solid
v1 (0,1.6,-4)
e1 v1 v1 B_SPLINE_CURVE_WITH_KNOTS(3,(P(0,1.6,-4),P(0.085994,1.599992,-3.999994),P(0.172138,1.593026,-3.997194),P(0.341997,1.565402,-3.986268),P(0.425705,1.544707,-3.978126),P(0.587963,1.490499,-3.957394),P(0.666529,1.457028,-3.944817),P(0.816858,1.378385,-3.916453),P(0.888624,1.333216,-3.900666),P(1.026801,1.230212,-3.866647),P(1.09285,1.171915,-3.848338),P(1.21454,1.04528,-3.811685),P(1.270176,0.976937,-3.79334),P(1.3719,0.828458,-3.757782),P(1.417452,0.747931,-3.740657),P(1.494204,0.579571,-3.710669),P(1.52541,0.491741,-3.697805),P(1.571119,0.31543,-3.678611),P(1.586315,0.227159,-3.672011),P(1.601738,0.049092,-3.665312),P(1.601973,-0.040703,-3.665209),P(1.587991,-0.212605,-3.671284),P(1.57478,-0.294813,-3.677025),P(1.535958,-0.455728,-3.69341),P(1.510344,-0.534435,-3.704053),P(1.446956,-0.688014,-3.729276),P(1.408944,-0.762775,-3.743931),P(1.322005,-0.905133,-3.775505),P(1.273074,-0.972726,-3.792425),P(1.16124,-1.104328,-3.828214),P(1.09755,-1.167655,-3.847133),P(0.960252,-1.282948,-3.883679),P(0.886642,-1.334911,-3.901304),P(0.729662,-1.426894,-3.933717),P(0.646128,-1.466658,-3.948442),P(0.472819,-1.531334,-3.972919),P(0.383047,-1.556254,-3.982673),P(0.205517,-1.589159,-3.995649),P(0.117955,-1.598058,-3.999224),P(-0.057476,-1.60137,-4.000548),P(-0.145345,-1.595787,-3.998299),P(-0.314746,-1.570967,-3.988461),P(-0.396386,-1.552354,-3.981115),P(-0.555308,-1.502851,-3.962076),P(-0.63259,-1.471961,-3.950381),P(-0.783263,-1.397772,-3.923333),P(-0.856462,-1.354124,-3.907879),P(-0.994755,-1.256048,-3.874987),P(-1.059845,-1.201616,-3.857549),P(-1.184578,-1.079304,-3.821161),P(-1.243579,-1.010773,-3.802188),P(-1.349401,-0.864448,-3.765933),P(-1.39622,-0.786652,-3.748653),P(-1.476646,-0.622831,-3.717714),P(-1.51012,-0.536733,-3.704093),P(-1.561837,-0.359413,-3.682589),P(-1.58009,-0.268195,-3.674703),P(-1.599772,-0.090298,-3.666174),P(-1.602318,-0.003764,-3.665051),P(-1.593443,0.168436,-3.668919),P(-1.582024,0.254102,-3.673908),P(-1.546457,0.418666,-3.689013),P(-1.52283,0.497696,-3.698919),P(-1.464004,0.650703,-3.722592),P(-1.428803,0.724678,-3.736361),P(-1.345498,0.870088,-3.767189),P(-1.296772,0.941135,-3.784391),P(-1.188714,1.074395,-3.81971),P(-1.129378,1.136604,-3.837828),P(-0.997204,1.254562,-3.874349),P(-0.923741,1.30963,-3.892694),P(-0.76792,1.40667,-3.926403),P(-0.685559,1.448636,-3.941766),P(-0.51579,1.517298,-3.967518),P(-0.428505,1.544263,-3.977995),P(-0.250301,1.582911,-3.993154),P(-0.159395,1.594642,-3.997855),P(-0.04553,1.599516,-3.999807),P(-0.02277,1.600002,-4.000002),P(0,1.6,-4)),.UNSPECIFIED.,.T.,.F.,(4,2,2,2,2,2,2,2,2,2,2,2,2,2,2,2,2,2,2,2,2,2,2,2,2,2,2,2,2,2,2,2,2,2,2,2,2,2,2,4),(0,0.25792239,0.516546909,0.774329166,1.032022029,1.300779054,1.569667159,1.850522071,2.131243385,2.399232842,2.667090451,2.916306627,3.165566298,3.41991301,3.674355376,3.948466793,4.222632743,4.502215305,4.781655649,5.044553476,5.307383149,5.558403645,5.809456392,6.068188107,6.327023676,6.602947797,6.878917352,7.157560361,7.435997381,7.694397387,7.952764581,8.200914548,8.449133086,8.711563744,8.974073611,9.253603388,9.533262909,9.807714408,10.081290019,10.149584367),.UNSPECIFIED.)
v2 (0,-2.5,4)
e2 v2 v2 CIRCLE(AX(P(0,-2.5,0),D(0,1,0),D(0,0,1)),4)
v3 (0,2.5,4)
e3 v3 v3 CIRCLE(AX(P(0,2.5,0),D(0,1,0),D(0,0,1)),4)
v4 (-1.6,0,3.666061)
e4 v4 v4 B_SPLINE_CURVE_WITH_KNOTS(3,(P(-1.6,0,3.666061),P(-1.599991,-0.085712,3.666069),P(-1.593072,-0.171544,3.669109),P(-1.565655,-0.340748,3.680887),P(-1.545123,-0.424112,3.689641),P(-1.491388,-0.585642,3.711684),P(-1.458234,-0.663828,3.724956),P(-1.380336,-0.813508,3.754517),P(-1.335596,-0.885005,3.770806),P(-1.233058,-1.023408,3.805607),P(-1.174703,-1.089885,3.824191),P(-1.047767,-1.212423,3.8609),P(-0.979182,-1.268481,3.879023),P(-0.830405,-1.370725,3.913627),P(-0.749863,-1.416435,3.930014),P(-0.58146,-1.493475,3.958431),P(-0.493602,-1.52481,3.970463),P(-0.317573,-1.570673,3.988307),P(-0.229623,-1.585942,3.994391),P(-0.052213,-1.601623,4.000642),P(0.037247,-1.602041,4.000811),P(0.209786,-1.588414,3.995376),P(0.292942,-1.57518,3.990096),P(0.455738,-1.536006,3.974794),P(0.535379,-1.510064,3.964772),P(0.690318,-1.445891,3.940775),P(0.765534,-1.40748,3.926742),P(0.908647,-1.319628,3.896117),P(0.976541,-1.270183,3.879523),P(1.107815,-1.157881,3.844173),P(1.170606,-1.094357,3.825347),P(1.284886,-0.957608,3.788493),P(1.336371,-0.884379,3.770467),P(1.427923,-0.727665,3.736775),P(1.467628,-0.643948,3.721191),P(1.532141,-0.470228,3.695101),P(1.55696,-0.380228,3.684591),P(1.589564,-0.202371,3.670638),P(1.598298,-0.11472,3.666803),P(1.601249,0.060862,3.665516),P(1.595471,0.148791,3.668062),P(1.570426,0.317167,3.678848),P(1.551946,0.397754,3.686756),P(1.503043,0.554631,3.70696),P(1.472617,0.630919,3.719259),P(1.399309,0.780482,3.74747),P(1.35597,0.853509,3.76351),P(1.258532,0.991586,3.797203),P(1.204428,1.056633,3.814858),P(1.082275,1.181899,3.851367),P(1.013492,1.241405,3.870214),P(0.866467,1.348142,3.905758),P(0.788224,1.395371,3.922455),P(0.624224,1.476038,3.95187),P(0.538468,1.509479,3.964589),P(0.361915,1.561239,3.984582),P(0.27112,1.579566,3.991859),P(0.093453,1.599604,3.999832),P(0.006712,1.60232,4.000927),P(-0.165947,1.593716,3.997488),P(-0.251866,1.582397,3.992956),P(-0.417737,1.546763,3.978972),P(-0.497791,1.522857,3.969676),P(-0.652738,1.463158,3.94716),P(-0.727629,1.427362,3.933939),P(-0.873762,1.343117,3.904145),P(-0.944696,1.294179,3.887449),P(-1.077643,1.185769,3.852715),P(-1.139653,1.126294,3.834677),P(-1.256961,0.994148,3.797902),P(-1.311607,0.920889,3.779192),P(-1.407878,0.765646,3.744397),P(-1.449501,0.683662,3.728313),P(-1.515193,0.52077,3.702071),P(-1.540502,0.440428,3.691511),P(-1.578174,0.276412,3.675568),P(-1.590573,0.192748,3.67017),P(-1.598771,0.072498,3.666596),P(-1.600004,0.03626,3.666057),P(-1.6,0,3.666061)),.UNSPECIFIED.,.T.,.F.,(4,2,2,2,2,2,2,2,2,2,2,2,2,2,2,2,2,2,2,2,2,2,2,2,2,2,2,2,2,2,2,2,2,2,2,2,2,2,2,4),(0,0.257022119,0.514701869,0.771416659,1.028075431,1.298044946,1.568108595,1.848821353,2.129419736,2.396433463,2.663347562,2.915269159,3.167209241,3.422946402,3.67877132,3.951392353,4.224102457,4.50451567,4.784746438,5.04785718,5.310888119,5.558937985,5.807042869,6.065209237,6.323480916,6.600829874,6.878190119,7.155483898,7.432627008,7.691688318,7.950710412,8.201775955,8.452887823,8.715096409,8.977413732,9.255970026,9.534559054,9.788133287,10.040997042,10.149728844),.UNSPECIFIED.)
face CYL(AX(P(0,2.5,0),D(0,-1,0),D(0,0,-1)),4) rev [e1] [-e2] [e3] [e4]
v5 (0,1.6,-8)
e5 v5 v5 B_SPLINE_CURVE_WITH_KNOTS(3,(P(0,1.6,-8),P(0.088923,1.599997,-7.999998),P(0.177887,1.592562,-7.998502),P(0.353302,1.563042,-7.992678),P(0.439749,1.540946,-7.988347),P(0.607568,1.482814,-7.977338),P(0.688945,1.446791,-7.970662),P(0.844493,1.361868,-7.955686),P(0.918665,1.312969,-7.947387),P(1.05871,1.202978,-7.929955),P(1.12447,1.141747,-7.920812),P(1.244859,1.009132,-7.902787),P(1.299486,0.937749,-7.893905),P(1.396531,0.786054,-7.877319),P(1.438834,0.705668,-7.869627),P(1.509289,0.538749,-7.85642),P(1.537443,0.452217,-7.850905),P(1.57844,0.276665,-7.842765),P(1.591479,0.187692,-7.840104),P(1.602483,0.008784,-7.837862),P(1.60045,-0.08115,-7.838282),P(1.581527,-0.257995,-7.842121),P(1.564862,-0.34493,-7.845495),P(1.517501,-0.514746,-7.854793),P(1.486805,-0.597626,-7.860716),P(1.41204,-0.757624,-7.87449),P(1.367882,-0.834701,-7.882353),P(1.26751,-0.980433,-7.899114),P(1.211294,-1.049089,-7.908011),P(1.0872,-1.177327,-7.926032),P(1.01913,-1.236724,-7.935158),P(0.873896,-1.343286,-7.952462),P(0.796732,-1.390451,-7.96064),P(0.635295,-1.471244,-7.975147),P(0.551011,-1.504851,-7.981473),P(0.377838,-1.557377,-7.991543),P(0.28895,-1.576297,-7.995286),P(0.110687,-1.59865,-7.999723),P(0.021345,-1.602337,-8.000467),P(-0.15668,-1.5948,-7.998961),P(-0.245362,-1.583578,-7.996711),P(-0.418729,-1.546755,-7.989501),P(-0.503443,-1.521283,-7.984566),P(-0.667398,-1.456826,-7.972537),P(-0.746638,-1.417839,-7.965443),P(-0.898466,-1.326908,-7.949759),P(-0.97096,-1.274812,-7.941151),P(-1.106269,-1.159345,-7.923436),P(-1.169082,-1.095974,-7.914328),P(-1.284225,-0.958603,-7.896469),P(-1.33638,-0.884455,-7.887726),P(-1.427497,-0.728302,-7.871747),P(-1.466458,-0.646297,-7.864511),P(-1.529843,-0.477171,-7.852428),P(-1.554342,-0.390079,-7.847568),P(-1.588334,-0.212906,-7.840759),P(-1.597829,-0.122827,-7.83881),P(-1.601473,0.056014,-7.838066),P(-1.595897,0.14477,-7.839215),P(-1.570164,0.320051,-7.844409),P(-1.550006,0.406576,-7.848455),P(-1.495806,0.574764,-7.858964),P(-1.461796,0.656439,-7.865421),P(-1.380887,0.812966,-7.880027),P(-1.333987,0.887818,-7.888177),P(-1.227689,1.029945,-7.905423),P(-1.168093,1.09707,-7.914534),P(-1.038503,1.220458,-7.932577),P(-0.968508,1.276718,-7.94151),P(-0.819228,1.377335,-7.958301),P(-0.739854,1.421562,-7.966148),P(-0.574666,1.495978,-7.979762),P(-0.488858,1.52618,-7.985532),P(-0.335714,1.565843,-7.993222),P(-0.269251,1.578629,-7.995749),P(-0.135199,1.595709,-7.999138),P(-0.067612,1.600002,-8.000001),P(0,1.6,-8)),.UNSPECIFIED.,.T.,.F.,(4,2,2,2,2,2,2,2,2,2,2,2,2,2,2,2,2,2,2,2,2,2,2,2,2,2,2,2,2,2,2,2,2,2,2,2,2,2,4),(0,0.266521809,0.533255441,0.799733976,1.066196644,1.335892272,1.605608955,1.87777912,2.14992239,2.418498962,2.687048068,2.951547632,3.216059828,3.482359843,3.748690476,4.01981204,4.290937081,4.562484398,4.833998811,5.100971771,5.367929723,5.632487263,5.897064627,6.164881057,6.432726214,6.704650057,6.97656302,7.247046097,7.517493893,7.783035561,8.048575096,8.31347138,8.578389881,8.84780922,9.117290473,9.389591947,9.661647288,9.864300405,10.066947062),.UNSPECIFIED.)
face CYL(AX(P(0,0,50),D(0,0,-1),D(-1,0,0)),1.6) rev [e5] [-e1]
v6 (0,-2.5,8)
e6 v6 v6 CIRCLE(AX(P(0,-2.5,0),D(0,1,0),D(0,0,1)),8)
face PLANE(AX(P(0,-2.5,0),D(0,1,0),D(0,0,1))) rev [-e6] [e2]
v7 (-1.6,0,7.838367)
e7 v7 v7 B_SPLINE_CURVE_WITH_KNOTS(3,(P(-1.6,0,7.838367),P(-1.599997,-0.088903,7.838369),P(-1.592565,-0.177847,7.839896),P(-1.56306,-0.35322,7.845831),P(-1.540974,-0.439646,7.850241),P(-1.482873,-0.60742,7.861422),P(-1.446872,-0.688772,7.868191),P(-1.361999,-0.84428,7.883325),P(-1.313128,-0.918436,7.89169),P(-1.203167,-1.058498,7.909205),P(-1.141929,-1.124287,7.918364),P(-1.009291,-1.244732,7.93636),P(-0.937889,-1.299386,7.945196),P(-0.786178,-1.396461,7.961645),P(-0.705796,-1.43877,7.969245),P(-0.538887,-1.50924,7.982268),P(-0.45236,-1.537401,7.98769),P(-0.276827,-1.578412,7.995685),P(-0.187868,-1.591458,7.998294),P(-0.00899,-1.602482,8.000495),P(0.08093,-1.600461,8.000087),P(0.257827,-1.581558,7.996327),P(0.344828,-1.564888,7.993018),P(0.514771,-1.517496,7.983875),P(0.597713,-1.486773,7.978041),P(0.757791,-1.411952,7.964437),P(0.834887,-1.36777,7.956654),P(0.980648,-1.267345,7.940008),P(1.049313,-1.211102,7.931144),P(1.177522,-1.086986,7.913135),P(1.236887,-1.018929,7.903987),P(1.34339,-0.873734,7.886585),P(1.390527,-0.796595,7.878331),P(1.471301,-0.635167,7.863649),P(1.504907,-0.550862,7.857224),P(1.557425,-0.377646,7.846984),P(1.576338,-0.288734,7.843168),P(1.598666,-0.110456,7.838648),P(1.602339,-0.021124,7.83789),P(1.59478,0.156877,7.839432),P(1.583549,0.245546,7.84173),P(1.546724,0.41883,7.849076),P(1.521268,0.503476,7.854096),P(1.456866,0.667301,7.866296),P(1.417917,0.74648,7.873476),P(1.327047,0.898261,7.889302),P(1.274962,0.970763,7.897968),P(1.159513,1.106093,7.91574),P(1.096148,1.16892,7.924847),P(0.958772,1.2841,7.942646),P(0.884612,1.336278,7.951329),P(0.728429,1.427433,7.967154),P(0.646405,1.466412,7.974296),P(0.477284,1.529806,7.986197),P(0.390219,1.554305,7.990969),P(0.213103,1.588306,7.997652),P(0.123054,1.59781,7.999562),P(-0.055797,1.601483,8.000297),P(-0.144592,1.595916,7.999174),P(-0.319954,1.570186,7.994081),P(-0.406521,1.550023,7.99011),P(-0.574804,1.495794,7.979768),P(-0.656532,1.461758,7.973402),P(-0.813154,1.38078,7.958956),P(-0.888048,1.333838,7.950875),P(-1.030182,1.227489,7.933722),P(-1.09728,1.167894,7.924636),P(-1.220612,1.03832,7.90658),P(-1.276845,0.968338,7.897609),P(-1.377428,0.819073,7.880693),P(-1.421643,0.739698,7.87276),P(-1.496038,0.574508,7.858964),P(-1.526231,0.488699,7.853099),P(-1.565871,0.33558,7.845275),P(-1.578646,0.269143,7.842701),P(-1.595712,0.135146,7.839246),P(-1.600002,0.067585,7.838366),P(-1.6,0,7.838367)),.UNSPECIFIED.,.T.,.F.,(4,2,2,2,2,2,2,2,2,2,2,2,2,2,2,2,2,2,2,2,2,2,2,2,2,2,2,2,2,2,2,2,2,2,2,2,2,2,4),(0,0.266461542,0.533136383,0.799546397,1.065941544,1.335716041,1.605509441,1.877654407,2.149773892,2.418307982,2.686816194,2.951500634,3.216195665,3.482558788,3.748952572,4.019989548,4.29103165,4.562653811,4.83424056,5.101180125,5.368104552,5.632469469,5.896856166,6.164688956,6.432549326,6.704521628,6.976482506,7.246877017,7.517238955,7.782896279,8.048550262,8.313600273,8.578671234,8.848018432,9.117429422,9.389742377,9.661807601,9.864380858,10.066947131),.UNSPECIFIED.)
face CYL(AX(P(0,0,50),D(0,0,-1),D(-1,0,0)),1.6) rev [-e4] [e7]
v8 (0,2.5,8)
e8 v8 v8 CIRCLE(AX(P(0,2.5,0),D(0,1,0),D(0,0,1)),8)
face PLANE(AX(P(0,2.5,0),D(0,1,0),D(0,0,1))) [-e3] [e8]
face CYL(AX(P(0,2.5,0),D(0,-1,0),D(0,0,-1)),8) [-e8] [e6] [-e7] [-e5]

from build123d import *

# Parameters (mm, degrees)
ESQUISSE1_R                  = 8
ESQUISSE1_R_2                = 4
BOSS_EXTRU_1_DEPTH           = 2.5
BOSS_EXTRU_2_START           = -2.5
ESQUISSE1_2_R                = 8
ESQUISSE1_2_R_2              = 4
BOSS_EXTRU_2_DEPTH           = 2.5
ENL_V_MAT_EXTRU_1_DEPTH      = 50
ENL_V_MAT_EXTRU_1_DEPTH_BACK = 50
ESQUISSE2_R                  = 1.6


with BuildPart() as part:
    # Esquisse1 → Boss.-Extru.1 (new body)
    with BuildSketch(Plane(origin=(0, 0, 0), x_dir=(1, 0, 0), z_dir=(0, 1, 0))):
        Circle(ESQUISSE1_R)
        Circle(ESQUISSE1_R_2, mode=Mode.SUBTRACT)
    extrude(amount=BOSS_EXTRU_1_DEPTH)

    # Esquisse1<2> → Boss.-Extru.2 (add)
    with BuildSketch(Plane(origin=(0, 0, 0), x_dir=(1, 0, 0), z_dir=(0, 1, 0)).offset(BOSS_EXTRU_2_START)):
        Circle(ESQUISSE1_2_R)
        Circle(ESQUISSE1_2_R_2, mode=Mode.SUBTRACT)
    extrude(amount=BOSS_EXTRU_2_DEPTH)

    # Esquisse2 → Enlèv. mat.-Extru.1 (cut, two sides: drawn at the far end of the back side and taken through both)
    with BuildSketch(Plane.XY.offset(-ENL_V_MAT_EXTRU_1_DEPTH_BACK)):
        Circle(ESQUISSE2_R)
    extrude(amount=ENL_V_MAT_EXTRU_1_DEPTH + ENL_V_MAT_EXTRU_1_DEPTH_BACK, mode=Mode.SUBTRACT)


solid = part.part
